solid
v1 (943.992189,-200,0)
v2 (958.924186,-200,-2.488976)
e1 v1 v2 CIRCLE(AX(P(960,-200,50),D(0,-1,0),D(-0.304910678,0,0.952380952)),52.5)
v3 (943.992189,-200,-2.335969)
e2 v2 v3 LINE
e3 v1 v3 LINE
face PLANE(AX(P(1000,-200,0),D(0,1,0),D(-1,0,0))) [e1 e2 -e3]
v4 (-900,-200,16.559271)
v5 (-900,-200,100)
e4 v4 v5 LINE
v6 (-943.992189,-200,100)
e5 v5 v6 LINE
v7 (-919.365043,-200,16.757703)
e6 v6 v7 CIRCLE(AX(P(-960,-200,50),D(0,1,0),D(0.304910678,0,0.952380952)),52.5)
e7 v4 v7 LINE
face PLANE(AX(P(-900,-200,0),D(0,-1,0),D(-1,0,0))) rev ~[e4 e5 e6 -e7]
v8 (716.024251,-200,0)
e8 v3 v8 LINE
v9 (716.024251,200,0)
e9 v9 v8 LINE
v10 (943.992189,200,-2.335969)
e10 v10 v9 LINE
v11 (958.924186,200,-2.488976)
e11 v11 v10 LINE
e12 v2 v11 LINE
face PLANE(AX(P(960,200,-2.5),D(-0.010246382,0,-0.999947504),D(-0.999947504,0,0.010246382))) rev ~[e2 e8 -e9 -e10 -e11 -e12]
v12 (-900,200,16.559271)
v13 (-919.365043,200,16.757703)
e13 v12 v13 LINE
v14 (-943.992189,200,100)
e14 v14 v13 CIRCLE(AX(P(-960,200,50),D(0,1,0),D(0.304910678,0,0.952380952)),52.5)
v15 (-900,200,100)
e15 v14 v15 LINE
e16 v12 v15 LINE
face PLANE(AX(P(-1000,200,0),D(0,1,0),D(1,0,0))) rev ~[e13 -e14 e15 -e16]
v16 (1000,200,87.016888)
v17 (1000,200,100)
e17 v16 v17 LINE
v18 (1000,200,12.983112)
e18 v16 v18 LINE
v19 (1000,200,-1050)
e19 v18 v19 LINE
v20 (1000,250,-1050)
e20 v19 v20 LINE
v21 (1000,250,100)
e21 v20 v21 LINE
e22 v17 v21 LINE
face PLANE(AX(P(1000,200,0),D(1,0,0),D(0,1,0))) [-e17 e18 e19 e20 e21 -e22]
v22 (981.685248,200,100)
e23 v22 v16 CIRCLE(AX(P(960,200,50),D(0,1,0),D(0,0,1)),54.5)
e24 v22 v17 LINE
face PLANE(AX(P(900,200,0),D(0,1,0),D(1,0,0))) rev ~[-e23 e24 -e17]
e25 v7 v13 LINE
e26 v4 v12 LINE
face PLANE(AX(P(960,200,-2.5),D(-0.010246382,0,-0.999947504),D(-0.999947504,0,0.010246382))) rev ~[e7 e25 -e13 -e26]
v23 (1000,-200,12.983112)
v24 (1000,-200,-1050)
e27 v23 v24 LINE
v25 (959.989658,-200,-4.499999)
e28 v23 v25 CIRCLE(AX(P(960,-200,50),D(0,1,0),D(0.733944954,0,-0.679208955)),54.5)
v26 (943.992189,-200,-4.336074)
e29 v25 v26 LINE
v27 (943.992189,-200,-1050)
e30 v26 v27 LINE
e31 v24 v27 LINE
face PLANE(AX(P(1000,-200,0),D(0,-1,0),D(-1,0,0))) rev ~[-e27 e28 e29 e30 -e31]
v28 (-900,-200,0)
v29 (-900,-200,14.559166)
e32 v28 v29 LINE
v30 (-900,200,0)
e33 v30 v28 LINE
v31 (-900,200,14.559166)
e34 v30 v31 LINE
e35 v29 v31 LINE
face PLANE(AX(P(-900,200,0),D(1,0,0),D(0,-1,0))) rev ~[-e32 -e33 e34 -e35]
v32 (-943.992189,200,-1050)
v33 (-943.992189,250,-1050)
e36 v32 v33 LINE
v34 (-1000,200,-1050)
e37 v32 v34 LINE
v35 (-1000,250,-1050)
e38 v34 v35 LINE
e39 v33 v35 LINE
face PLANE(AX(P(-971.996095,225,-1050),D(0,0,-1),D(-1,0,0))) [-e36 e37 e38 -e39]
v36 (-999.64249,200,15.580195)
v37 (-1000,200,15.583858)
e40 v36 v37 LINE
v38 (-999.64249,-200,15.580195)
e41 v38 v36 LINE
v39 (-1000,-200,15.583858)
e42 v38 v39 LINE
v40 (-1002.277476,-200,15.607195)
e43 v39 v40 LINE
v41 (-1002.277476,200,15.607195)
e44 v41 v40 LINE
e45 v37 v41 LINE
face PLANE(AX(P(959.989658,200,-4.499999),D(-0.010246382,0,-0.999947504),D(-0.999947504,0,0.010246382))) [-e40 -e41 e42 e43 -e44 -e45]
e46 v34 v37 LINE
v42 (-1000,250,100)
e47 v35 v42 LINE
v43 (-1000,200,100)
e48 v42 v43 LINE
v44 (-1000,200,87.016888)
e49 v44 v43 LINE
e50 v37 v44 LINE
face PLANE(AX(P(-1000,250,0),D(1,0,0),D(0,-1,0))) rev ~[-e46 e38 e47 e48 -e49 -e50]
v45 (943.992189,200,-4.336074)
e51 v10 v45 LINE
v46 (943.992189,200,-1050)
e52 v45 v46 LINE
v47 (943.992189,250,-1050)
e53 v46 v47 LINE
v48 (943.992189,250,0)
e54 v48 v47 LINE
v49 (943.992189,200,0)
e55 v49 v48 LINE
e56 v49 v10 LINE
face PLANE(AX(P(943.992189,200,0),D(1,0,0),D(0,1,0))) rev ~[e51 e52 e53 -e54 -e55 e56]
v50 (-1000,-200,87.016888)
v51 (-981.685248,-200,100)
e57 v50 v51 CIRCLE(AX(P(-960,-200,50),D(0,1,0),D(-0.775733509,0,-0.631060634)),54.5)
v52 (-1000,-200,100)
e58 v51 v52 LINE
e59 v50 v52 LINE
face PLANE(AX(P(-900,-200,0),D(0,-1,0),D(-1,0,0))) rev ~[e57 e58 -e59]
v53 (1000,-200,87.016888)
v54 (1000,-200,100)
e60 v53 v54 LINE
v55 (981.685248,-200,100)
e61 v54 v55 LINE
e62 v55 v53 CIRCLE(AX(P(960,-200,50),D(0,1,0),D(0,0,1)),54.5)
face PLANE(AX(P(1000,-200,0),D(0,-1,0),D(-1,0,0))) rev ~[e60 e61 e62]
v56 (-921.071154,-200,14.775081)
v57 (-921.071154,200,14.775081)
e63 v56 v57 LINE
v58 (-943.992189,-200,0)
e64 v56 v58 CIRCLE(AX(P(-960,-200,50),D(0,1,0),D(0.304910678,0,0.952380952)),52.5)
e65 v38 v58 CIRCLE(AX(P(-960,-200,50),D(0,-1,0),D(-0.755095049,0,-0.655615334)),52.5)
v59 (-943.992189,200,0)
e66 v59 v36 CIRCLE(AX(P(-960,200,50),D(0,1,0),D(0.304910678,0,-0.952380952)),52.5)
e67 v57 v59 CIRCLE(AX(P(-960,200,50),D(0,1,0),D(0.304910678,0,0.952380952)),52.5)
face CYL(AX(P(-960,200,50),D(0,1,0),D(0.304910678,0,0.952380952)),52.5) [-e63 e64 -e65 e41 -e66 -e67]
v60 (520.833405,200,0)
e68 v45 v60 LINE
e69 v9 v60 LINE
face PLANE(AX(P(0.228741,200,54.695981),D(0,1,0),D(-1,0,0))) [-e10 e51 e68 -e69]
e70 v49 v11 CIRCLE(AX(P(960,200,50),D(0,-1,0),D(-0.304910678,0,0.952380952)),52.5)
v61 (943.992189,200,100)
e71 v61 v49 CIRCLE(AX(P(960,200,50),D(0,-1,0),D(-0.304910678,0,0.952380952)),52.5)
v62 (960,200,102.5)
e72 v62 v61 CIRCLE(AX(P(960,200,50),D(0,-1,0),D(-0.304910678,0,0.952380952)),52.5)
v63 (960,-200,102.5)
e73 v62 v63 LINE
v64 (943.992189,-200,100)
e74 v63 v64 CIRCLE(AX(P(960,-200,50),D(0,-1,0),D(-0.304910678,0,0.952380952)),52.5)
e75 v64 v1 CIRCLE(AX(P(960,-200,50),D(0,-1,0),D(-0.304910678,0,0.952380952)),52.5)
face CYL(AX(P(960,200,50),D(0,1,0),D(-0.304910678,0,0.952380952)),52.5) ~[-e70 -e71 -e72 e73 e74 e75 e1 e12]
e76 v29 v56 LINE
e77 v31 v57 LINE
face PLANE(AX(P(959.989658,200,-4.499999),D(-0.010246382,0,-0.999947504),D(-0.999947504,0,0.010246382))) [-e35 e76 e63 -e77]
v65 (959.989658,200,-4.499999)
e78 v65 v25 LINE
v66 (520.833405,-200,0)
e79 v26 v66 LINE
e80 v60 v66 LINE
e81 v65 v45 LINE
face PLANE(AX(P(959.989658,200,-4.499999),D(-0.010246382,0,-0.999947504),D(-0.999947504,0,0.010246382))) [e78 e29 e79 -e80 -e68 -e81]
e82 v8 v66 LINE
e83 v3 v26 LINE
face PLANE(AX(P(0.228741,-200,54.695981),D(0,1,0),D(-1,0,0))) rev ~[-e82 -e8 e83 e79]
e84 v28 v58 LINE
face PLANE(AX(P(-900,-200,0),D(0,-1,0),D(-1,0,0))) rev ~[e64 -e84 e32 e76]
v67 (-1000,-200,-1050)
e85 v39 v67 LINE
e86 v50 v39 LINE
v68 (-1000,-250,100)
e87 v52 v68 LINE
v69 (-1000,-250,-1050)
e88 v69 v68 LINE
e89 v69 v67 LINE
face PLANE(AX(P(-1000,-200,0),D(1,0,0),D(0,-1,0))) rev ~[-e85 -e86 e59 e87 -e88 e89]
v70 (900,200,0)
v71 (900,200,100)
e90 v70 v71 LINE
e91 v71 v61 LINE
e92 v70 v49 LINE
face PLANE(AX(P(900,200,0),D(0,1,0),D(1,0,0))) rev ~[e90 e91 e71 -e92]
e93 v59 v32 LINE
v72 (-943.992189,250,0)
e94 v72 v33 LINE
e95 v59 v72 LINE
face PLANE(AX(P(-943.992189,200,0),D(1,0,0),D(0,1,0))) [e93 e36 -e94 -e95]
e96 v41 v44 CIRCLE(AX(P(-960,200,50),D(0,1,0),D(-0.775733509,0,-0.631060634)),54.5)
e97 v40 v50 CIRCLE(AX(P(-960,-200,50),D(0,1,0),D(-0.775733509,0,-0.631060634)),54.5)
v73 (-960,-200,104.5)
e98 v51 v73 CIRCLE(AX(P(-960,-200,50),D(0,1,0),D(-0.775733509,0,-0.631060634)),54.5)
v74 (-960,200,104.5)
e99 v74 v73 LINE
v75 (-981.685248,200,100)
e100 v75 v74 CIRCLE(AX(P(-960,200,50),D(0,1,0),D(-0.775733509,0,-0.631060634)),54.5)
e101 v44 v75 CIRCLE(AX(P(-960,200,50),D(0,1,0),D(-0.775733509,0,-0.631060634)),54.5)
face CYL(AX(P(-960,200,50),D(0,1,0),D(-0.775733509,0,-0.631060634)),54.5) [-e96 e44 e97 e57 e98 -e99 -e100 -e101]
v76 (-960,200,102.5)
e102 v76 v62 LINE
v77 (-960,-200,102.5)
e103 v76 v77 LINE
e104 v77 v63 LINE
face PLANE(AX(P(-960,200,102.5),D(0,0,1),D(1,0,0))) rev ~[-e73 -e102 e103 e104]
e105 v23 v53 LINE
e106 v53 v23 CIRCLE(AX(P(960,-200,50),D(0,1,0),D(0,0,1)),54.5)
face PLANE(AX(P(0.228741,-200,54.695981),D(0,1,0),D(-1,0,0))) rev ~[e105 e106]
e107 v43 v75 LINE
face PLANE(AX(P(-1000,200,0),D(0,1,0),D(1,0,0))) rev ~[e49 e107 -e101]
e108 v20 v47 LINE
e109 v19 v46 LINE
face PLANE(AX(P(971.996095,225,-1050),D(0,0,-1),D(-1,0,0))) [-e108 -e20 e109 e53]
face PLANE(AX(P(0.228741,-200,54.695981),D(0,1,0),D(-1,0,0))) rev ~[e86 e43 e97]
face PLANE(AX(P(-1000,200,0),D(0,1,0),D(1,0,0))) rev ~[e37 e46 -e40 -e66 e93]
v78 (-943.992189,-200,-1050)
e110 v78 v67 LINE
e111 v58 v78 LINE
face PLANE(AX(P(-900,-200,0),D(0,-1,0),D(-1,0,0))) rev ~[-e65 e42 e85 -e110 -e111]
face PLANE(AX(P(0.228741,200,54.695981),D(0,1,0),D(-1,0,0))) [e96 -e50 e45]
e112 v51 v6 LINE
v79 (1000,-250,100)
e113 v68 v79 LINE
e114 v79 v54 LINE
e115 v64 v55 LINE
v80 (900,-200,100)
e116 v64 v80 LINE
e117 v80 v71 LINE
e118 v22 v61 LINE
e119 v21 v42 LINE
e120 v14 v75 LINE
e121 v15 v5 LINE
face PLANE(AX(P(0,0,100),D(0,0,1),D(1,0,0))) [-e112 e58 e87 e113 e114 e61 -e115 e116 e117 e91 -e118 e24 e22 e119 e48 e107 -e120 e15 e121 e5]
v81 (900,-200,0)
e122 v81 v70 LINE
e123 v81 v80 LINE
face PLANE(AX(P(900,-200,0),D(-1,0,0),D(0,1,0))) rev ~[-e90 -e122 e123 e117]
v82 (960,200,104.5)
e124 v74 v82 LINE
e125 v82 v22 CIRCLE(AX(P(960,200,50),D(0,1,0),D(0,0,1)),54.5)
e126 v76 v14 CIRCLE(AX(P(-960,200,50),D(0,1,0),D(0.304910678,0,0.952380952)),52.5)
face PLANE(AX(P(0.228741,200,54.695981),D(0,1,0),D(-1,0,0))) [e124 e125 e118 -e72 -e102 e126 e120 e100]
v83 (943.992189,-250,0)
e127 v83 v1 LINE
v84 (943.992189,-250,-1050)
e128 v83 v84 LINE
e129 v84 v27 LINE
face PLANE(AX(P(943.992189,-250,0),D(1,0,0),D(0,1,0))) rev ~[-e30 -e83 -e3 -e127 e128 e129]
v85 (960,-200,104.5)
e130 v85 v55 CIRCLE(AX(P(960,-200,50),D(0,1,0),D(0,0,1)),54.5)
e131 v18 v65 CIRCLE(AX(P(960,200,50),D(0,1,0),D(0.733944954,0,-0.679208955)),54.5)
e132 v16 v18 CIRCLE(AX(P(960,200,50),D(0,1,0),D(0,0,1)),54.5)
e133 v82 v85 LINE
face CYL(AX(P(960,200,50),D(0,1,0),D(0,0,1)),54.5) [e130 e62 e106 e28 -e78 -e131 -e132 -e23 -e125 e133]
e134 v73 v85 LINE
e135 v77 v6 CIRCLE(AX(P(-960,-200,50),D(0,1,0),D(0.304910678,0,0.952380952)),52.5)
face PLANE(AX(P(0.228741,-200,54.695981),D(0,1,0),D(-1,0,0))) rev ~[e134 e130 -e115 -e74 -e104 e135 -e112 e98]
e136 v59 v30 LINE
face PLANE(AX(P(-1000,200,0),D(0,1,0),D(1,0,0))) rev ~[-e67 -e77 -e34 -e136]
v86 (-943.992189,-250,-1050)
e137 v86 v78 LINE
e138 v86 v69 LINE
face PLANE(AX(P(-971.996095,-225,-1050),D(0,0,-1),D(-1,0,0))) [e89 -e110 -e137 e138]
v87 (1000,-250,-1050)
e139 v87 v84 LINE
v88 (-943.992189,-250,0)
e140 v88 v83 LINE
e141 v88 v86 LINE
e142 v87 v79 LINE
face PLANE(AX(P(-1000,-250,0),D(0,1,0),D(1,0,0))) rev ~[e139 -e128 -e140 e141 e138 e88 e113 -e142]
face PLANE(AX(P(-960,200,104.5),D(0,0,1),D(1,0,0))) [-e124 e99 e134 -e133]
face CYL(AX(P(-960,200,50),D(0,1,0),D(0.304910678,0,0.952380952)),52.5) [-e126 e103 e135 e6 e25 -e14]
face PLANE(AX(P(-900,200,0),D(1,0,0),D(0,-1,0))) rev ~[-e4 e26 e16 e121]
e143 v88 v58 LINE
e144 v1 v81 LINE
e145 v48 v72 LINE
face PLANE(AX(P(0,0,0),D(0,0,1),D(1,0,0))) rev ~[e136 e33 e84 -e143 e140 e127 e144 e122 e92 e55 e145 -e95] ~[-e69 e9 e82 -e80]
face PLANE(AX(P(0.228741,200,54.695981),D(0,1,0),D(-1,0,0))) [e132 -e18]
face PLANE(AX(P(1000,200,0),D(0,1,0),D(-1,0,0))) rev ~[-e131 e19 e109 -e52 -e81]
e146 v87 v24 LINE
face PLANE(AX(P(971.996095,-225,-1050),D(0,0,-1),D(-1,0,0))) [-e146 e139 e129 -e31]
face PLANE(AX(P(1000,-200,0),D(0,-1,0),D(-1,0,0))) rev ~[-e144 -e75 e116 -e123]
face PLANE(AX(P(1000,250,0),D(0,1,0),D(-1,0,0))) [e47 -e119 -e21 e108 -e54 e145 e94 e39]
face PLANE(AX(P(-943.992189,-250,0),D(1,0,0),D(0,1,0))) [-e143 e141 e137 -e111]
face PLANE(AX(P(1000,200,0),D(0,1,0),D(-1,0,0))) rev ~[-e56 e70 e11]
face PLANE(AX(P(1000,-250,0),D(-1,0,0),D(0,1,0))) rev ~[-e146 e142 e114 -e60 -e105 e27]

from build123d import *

# Parameters (mm, degrees)
BOSS_EXTRUDE1_DEPTH = 100
SKETCH2_R           = 52.5
BOSS_EXTRUDE2_DEPTH = 400
BOSS_EXTRUDE3_START = -400
BOSS_EXTRUDE3_DEPTH = 400
SKETCH4_W           = 56.007810594
SKETCH4_H           = 50
BOSS_EXTRUDE4_DEPTH = 1050


with BuildPart() as part:
    # Sketch1 → Boss-Extrude1 (new body)
    with BuildSketch(Plane.XY):
        Polygon((-1000, 200), (-900, 200), (-900, -200), (-1000, -200), (-1000, -250), (1000, -250), (1000, -200), (900, -200), (900, 200), (1000, 200), (1000, 250), (-1000, 250), align=None)
    extrude(amount=BOSS_EXTRUDE1_DEPTH)

    # Sketch2 → Boss-Extrude2 (add)
    with BuildSketch(Plane.XZ.offset(-200)):
        with Locations(Location((960, 50, 0), (0, 0, 107.752790162))):
            Circle(SKETCH2_R)
    boss_extrude2 = extrude(amount=BOSS_EXTRUDE2_DEPTH)

    # Mirror1: Boss-Extrude2 across plane
    add(boss_extrude2.mirror(Plane(origin=(0, 0, 0), x_dir=(0, 0, 1), z_dir=(1, 0, 0))))

    # Sketch3 → Boss-Extrude3 (add)
    with BuildSketch(Plane.XZ.offset(200).offset(BOSS_EXTRUDE3_START)):
        with BuildLine():
            Line((959.98965758, -4.499999019), (-1002.277476215, 15.607195449))
            ThreePointArc((-1002.277476215, 15.607195449), (-1009.217160869, 73.407714027), (-960, 104.5))
            Line((-960, 104.5), (960, 104.5))
            ThreePointArc((960, 104.5), (1014.499999755, 49.99482879), (959.98965758, -4.499999019))
        make_face()
        with BuildLine():
            Line((-960, 102.5), (960, 102.5))
            ThreePointArc((960, 102.5), (1012.5, 50), (960, -2.5))
            Line((960, -2.5), (-1001.307615203, 17.597362357))
            ThreePointArc((-1001.307615203, 17.597362357), (-1007.209048265, 72.96858206), (-960, 102.5))
        make_face(mode=Mode.SUBTRACT)
    extrude(amount=BOSS_EXTRUDE3_DEPTH)

    # Sketch4 → Boss-Extrude4 (add)
    with BuildSketch(Plane(origin=(0, 0, 0), x_dir=(-1, 0, 0), z_dir=(0, 0, -1))):
        with Locations((-971.996094703, 225)):
            Rectangle(SKETCH4_W, SKETCH4_H)
        with Locations((971.996094703, 225)):
            Rectangle(SKETCH4_W, SKETCH4_H)
        with Locations((971.996094703, -225)):
            Rectangle(SKETCH4_W, SKETCH4_H)
        with Locations((-971.996094703, -225)):
            Rectangle(SKETCH4_W, SKETCH4_H)
    extrude(amount=BOSS_EXTRUDE4_DEPTH)


solid = part.part
